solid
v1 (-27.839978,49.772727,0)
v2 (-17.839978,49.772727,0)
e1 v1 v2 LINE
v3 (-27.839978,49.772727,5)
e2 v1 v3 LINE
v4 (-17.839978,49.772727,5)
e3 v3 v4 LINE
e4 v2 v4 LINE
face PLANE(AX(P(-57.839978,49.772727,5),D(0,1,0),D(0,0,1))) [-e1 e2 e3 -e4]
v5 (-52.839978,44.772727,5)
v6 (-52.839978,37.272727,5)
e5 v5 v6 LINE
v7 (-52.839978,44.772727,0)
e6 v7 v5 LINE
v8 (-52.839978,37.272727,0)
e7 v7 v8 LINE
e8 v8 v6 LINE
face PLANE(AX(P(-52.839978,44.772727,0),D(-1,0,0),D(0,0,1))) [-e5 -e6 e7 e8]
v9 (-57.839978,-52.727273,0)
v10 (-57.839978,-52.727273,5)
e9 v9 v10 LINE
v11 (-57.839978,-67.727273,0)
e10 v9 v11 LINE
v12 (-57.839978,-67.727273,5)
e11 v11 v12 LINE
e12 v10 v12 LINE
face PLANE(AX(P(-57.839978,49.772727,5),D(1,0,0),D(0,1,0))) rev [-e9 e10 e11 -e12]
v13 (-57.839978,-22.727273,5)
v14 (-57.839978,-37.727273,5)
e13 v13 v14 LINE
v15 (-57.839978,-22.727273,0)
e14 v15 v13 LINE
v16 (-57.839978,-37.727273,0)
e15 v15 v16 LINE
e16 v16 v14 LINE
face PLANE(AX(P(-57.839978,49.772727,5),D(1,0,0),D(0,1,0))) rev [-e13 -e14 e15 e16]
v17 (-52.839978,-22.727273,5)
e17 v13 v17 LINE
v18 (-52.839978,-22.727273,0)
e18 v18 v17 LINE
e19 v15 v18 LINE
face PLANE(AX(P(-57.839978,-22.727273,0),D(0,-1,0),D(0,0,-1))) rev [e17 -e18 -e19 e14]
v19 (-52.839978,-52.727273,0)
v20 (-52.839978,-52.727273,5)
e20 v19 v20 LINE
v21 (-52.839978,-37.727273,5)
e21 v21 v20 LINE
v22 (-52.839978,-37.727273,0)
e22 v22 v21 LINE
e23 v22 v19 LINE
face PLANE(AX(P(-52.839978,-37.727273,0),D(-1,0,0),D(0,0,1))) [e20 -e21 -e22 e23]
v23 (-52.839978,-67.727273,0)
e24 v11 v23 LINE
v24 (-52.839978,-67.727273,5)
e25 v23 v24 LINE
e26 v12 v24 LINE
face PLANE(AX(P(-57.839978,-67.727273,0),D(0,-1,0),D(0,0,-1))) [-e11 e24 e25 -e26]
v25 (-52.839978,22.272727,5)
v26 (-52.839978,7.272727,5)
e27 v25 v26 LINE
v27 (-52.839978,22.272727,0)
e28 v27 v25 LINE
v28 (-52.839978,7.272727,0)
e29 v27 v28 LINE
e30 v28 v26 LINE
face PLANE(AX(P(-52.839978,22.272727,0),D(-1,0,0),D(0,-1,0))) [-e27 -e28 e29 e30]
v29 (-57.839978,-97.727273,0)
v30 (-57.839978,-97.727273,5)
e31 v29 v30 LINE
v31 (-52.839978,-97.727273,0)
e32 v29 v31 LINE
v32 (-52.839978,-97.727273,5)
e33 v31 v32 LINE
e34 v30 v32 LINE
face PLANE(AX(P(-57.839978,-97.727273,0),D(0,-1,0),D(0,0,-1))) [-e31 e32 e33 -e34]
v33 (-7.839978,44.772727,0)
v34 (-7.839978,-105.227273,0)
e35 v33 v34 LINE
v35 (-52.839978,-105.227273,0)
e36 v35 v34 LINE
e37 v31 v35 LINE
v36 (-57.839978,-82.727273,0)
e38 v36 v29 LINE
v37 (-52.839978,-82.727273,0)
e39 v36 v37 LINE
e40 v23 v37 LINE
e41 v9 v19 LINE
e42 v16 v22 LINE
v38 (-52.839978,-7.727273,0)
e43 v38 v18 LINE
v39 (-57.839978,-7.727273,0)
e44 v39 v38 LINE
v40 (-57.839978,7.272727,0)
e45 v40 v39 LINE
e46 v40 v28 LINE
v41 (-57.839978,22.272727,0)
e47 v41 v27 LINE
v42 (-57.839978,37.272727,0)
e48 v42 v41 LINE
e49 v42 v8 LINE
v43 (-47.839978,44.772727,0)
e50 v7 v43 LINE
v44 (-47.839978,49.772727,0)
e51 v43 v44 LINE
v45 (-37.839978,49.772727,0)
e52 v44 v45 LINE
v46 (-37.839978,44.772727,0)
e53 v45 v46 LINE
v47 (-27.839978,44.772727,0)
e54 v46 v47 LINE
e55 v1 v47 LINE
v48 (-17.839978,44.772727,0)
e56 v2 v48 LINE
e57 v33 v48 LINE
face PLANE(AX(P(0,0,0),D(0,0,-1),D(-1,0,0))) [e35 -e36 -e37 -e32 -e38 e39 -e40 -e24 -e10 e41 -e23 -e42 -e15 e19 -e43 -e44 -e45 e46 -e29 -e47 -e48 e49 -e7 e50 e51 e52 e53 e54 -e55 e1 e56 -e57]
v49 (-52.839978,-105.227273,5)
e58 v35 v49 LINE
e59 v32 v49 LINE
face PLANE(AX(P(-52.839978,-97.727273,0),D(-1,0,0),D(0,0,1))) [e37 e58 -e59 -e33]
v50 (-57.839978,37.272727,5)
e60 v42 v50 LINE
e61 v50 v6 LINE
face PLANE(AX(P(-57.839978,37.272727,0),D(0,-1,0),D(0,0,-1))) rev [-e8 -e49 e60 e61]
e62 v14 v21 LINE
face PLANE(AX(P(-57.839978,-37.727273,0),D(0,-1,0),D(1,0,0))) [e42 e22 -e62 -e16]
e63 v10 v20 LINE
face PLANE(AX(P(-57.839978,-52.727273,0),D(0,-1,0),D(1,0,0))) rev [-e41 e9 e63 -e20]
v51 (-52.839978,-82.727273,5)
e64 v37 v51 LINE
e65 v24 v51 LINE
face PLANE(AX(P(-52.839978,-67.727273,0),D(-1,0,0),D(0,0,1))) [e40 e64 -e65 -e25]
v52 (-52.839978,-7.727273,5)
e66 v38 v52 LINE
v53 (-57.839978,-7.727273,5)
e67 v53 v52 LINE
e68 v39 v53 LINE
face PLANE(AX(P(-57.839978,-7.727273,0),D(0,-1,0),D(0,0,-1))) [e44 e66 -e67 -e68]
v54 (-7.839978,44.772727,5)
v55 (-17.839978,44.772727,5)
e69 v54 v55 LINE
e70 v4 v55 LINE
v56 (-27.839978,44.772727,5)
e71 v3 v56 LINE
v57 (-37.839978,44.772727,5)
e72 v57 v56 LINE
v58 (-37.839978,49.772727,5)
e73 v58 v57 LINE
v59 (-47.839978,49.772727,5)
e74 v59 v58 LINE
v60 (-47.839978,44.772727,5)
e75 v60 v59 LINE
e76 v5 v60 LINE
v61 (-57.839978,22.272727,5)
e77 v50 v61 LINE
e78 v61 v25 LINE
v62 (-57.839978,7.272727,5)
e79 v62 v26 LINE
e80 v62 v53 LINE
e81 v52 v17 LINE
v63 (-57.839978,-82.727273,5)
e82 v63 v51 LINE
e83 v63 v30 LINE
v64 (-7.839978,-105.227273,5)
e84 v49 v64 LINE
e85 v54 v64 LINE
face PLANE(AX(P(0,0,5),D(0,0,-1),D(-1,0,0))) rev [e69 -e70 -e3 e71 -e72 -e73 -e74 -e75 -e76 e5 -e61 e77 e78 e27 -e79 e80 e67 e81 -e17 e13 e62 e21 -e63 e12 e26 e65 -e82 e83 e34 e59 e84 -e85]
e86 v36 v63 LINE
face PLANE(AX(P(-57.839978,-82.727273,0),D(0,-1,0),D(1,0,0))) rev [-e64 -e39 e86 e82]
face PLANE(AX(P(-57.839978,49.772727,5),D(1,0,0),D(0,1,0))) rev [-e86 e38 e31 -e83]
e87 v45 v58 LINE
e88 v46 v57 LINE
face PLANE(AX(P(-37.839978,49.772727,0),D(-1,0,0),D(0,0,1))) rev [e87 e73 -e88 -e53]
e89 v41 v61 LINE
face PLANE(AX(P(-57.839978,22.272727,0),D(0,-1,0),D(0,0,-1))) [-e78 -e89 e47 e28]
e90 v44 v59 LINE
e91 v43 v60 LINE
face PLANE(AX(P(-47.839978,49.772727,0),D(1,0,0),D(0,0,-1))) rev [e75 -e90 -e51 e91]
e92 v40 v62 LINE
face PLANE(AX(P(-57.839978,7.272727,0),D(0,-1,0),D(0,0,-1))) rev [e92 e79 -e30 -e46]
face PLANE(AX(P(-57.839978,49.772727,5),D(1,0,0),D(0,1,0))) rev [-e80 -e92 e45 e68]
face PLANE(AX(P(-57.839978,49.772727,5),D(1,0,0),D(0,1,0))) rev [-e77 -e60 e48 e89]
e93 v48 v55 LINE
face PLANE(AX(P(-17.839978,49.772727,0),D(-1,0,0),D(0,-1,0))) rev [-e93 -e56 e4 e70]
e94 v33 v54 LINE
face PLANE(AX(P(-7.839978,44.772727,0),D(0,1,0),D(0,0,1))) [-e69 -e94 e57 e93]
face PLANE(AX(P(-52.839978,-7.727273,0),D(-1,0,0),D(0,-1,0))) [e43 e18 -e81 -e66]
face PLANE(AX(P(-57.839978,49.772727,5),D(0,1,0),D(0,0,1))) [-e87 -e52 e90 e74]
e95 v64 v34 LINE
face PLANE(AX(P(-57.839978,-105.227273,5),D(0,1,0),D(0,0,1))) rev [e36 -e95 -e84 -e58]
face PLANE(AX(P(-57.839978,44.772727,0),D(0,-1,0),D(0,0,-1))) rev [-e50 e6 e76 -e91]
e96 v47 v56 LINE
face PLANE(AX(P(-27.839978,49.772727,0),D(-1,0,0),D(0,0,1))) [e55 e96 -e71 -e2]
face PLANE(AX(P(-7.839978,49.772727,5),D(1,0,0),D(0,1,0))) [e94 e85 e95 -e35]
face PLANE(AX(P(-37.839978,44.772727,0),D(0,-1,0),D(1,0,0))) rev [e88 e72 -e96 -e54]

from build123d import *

# Parameters (mm, degrees)
ESQUISSE1_W             = 50
ESQUISSE1_H             = 155
BOSS_EXTRU_1_DEPTH      = 5
ESQUISSE4_W             = 5
ESQUISSE4_H             = 15
ESQUISSE4_H_2           = 7.5
ESQUISSE4_W_2           = 10
ESQUISSE4_H_3           = 5
ENL_V_MAT_EXTRU_4_DEPTH = 5
ESQUISSE7_W             = 10
ESQUISSE7_H             = 5
ENL_V_MAT_EXTRU_5_DEPTH = 5
ESQUISSE8_W             = 5
ESQUISSE8_H             = 7.5
ENL_V_MAT_EXTRU_6_DEPTH = 5


with BuildPart() as part:
    # Esquisse1 → Boss.-Extru.1 (new body)
    with BuildSketch(Plane.XY):
        with Locations((-32.839977645, -27.727272727)):
            Rectangle(ESQUISSE1_W, ESQUISSE1_H)
    extrude(amount=BOSS_EXTRU_1_DEPTH)

    # Esquisse4 → Enlèv. mat.-Extru.4 (cut)
    with BuildSketch(Plane.XY.offset(5)):
        with Locations((-55.339977645, 14.772727273)):
            Rectangle(ESQUISSE4_W, ESQUISSE4_H)
        with Locations((-55.339977645, -15.227272727)):
            Rectangle(ESQUISSE4_W, ESQUISSE4_H)
        with Locations((-55.339977645, -45.227272727)):
            Rectangle(ESQUISSE4_W, ESQUISSE4_H)
        with Locations((-55.339977645, -75.227272727)):
            Rectangle(ESQUISSE4_W, ESQUISSE4_H)
        with Locations((-55.339977645, -101.477272727)):
            Rectangle(ESQUISSE4_W, ESQUISSE4_H_2)
        with Locations((-32.839977645, 47.272727273)):
            Rectangle(ESQUISSE4_W_2, ESQUISSE4_H_3)
        with Locations((-12.839977645, 47.272727273)):
            Rectangle(ESQUISSE4_W_2, ESQUISSE4_H_3)
    extrude(amount=-ENL_V_MAT_EXTRU_4_DEPTH, mode=Mode.SUBTRACT)

    # Esquisse7 → Enlèv. mat.-Extru.5 (cut)
    with BuildSketch(Plane.XY.offset(5)):
        with Locations((-52.839977645, 47.272727273)):
            Rectangle(ESQUISSE7_W, ESQUISSE7_H)
    extrude(amount=-ENL_V_MAT_EXTRU_5_DEPTH, mode=Mode.SUBTRACT)

    # Esquisse8 → Enlèv. mat.-Extru.6 (cut)
    with BuildSketch(Plane.XY.offset(5)):
        with Locations((-55.339977645, 41.022727273)):
            Rectangle(ESQUISSE8_W, ESQUISSE8_H)
    extrude(amount=-ENL_V_MAT_EXTRU_6_DEPTH, mode=Mode.SUBTRACT)


solid = part.part
